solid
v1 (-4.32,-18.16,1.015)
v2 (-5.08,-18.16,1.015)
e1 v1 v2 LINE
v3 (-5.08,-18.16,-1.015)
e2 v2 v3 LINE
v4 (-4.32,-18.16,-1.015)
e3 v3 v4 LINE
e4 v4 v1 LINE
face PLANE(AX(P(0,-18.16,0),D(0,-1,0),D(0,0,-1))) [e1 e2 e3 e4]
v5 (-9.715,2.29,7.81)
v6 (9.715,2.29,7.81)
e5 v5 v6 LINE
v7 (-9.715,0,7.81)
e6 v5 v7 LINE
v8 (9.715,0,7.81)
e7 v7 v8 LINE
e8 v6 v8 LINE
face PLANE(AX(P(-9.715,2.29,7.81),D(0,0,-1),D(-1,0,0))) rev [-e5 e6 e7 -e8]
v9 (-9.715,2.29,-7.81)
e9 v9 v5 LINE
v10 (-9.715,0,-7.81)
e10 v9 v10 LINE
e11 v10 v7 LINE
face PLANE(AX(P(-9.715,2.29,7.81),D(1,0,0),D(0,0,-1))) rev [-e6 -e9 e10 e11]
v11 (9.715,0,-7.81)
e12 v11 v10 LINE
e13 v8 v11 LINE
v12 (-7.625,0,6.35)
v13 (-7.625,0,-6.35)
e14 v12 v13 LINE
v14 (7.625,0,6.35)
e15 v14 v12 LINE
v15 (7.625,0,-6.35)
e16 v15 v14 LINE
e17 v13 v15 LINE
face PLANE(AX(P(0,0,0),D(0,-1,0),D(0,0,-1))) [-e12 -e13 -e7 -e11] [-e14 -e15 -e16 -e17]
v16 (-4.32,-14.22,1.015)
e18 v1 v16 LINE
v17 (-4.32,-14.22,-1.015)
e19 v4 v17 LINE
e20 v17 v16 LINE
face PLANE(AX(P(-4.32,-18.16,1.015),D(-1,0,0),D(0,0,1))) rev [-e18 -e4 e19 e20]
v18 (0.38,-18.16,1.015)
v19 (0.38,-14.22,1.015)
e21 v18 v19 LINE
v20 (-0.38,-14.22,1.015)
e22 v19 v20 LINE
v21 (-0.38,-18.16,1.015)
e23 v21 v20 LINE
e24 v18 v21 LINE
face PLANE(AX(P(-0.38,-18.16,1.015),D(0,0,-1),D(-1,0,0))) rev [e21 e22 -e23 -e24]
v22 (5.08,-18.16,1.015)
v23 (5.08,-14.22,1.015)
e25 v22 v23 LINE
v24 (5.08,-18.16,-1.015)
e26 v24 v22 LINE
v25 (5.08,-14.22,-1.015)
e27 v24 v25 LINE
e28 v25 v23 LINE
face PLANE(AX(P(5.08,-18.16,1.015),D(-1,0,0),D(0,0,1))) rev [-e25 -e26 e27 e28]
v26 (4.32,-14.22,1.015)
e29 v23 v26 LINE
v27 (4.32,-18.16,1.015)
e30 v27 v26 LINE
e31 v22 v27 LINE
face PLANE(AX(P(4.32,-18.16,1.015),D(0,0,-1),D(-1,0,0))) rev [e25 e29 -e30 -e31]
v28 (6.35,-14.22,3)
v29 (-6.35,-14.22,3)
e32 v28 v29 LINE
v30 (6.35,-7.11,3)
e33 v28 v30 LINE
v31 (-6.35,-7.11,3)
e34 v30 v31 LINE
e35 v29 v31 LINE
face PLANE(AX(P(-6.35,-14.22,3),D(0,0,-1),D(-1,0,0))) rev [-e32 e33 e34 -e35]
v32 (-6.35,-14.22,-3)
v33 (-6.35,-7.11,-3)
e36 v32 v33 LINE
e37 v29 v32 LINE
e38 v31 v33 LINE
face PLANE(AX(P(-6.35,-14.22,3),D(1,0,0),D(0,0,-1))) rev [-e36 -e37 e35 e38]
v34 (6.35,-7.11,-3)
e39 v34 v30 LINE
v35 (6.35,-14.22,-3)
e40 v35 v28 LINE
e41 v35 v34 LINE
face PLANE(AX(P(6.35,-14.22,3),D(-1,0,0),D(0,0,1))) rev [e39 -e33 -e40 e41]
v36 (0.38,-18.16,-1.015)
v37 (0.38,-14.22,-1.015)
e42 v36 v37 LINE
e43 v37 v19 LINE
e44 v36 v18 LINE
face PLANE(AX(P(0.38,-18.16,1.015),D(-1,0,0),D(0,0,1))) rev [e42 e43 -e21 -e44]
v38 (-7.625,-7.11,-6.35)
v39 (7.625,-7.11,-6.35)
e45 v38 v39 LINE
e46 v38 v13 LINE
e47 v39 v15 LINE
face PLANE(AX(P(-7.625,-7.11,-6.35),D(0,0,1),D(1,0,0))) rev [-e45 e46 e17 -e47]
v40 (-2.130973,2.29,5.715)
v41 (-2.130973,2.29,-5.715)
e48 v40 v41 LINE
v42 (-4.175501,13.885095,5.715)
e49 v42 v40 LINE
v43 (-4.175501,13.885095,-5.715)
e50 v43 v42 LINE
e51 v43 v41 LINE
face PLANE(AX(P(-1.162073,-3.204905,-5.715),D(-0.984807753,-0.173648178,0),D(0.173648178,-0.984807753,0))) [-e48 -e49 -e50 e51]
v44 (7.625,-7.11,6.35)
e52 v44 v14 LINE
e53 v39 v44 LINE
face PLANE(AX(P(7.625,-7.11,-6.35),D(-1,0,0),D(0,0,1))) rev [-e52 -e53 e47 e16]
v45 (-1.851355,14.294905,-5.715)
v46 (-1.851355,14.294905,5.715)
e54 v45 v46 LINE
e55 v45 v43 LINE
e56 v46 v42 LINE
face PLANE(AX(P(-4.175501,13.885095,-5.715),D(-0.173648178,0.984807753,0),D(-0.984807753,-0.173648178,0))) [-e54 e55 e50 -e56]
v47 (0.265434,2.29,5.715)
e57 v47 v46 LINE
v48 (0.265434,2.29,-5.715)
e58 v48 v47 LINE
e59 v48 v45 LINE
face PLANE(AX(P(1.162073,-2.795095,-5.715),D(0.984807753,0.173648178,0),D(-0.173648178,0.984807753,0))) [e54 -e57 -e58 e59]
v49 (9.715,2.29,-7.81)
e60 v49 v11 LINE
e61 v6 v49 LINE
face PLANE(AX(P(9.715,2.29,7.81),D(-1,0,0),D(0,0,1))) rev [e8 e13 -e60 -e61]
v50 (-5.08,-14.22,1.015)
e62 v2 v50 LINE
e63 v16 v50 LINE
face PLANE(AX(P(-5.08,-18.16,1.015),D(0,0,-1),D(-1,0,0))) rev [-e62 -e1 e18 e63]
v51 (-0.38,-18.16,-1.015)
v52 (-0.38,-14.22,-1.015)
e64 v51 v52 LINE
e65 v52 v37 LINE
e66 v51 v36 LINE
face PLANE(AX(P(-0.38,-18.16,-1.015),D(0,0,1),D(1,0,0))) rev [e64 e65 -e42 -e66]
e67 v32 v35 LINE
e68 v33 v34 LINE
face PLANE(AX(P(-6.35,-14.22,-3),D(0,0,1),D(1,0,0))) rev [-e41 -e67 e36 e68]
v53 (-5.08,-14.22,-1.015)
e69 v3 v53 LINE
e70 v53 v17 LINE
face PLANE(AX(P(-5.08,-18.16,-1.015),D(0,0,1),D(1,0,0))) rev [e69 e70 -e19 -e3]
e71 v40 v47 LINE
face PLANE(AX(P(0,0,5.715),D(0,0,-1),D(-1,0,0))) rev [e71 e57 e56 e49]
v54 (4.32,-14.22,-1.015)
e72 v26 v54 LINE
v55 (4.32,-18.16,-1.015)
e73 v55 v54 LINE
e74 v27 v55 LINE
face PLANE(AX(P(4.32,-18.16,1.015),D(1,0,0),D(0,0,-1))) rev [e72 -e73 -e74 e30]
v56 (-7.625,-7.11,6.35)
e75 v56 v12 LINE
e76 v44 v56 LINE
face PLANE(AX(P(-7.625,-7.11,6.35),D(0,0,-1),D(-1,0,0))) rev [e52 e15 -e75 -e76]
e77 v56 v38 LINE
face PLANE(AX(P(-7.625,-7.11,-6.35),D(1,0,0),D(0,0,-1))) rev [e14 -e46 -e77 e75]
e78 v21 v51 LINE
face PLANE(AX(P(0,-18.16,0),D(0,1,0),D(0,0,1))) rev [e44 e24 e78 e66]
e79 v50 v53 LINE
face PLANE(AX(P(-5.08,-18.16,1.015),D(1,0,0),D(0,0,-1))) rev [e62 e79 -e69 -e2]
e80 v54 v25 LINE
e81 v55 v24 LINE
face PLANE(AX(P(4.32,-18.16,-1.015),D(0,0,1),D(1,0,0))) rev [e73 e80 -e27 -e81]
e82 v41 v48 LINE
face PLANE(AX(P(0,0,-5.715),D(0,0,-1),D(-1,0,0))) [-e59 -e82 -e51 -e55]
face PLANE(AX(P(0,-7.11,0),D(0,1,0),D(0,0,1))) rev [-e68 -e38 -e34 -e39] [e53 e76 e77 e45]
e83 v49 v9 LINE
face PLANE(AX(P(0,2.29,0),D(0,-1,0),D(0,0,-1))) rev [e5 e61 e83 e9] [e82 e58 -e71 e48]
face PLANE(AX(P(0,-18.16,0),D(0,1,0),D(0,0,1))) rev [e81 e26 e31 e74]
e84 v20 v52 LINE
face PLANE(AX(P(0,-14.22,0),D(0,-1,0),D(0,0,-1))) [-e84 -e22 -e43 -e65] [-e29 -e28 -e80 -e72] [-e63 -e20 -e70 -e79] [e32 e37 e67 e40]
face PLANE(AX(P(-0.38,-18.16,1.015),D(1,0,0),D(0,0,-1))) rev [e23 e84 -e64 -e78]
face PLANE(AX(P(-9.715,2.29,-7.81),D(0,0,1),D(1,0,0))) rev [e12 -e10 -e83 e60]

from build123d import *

# Parameters (mm, degrees)
SKETCH1_W                = 19.43
SKETCH1_H                = 15.62
BOSS_EXTRUDE1_DEPTH      = 2.29
SKETCH5_W                = 15.25
SKETCH5_H                = 12.7
BOSS_EXTRUDE2_DEPTH      = 7.11
SKETCH6_W                = 12.7
SKETCH6_H                = 6
BOSS_EXTRUDE3_DEPTH      = 7.11
SKETCH7_W                = 0.76
SKETCH7_H                = 2.03
BOSS_EXTRUDE4_DEPTH      = 3.94
BOSS_EXTRUDE5_DEPTH      = 5.715
BOSS_EXTRUDE5_DEPTH_BACK = 5.715


with BuildPart() as part:
    # Sketch1 → Boss-Extrude1 (new body)
    with BuildSketch(Plane(origin=(0, 0, 0), x_dir=(1, 0, 0), z_dir=(0, 1, 0))):
        Rectangle(SKETCH1_W, SKETCH1_H)
    extrude(amount=BOSS_EXTRUDE1_DEPTH)

    # Sketch5 → Boss-Extrude2 (add)
    with BuildSketch(Plane.XZ):
        Rectangle(SKETCH5_W, SKETCH5_H)
    extrude(amount=BOSS_EXTRUDE2_DEPTH)

    # Sketch6 → Boss-Extrude3 (add)
    with BuildSketch(Plane.XZ.offset(7.11)):
        Rectangle(SKETCH6_W, SKETCH6_H)
    extrude(amount=BOSS_EXTRUDE3_DEPTH)

    # Sketch7 → Boss-Extrude4 (add)
    with BuildSketch(Plane.XZ.offset(14.22)):
        Rectangle(SKETCH7_W, SKETCH7_H)
        with Locations((-4.7, 0)):
            Rectangle(SKETCH7_W, SKETCH7_H)
        with Locations((4.7, 0)):
            Rectangle(SKETCH7_W, SKETCH7_H)
    extrude(amount=BOSS_EXTRUDE4_DEPTH)

    # Sketch8 → Boss-Extrude5 (add, two sides: drawn at the far end of the back side and taken through both)
    with BuildSketch(Plane.XY.offset(-BOSS_EXTRUDE5_DEPTH_BACK)):
        Polygon((-1.162073149, -3.20490485), (1.162073149, -2.79509515), (-1.851354952, 14.29490485), (-4.175501249, 13.88509515), align=None)
    extrude(amount=BOSS_EXTRUDE5_DEPTH + BOSS_EXTRUDE5_DEPTH_BACK)


solid = part.part
